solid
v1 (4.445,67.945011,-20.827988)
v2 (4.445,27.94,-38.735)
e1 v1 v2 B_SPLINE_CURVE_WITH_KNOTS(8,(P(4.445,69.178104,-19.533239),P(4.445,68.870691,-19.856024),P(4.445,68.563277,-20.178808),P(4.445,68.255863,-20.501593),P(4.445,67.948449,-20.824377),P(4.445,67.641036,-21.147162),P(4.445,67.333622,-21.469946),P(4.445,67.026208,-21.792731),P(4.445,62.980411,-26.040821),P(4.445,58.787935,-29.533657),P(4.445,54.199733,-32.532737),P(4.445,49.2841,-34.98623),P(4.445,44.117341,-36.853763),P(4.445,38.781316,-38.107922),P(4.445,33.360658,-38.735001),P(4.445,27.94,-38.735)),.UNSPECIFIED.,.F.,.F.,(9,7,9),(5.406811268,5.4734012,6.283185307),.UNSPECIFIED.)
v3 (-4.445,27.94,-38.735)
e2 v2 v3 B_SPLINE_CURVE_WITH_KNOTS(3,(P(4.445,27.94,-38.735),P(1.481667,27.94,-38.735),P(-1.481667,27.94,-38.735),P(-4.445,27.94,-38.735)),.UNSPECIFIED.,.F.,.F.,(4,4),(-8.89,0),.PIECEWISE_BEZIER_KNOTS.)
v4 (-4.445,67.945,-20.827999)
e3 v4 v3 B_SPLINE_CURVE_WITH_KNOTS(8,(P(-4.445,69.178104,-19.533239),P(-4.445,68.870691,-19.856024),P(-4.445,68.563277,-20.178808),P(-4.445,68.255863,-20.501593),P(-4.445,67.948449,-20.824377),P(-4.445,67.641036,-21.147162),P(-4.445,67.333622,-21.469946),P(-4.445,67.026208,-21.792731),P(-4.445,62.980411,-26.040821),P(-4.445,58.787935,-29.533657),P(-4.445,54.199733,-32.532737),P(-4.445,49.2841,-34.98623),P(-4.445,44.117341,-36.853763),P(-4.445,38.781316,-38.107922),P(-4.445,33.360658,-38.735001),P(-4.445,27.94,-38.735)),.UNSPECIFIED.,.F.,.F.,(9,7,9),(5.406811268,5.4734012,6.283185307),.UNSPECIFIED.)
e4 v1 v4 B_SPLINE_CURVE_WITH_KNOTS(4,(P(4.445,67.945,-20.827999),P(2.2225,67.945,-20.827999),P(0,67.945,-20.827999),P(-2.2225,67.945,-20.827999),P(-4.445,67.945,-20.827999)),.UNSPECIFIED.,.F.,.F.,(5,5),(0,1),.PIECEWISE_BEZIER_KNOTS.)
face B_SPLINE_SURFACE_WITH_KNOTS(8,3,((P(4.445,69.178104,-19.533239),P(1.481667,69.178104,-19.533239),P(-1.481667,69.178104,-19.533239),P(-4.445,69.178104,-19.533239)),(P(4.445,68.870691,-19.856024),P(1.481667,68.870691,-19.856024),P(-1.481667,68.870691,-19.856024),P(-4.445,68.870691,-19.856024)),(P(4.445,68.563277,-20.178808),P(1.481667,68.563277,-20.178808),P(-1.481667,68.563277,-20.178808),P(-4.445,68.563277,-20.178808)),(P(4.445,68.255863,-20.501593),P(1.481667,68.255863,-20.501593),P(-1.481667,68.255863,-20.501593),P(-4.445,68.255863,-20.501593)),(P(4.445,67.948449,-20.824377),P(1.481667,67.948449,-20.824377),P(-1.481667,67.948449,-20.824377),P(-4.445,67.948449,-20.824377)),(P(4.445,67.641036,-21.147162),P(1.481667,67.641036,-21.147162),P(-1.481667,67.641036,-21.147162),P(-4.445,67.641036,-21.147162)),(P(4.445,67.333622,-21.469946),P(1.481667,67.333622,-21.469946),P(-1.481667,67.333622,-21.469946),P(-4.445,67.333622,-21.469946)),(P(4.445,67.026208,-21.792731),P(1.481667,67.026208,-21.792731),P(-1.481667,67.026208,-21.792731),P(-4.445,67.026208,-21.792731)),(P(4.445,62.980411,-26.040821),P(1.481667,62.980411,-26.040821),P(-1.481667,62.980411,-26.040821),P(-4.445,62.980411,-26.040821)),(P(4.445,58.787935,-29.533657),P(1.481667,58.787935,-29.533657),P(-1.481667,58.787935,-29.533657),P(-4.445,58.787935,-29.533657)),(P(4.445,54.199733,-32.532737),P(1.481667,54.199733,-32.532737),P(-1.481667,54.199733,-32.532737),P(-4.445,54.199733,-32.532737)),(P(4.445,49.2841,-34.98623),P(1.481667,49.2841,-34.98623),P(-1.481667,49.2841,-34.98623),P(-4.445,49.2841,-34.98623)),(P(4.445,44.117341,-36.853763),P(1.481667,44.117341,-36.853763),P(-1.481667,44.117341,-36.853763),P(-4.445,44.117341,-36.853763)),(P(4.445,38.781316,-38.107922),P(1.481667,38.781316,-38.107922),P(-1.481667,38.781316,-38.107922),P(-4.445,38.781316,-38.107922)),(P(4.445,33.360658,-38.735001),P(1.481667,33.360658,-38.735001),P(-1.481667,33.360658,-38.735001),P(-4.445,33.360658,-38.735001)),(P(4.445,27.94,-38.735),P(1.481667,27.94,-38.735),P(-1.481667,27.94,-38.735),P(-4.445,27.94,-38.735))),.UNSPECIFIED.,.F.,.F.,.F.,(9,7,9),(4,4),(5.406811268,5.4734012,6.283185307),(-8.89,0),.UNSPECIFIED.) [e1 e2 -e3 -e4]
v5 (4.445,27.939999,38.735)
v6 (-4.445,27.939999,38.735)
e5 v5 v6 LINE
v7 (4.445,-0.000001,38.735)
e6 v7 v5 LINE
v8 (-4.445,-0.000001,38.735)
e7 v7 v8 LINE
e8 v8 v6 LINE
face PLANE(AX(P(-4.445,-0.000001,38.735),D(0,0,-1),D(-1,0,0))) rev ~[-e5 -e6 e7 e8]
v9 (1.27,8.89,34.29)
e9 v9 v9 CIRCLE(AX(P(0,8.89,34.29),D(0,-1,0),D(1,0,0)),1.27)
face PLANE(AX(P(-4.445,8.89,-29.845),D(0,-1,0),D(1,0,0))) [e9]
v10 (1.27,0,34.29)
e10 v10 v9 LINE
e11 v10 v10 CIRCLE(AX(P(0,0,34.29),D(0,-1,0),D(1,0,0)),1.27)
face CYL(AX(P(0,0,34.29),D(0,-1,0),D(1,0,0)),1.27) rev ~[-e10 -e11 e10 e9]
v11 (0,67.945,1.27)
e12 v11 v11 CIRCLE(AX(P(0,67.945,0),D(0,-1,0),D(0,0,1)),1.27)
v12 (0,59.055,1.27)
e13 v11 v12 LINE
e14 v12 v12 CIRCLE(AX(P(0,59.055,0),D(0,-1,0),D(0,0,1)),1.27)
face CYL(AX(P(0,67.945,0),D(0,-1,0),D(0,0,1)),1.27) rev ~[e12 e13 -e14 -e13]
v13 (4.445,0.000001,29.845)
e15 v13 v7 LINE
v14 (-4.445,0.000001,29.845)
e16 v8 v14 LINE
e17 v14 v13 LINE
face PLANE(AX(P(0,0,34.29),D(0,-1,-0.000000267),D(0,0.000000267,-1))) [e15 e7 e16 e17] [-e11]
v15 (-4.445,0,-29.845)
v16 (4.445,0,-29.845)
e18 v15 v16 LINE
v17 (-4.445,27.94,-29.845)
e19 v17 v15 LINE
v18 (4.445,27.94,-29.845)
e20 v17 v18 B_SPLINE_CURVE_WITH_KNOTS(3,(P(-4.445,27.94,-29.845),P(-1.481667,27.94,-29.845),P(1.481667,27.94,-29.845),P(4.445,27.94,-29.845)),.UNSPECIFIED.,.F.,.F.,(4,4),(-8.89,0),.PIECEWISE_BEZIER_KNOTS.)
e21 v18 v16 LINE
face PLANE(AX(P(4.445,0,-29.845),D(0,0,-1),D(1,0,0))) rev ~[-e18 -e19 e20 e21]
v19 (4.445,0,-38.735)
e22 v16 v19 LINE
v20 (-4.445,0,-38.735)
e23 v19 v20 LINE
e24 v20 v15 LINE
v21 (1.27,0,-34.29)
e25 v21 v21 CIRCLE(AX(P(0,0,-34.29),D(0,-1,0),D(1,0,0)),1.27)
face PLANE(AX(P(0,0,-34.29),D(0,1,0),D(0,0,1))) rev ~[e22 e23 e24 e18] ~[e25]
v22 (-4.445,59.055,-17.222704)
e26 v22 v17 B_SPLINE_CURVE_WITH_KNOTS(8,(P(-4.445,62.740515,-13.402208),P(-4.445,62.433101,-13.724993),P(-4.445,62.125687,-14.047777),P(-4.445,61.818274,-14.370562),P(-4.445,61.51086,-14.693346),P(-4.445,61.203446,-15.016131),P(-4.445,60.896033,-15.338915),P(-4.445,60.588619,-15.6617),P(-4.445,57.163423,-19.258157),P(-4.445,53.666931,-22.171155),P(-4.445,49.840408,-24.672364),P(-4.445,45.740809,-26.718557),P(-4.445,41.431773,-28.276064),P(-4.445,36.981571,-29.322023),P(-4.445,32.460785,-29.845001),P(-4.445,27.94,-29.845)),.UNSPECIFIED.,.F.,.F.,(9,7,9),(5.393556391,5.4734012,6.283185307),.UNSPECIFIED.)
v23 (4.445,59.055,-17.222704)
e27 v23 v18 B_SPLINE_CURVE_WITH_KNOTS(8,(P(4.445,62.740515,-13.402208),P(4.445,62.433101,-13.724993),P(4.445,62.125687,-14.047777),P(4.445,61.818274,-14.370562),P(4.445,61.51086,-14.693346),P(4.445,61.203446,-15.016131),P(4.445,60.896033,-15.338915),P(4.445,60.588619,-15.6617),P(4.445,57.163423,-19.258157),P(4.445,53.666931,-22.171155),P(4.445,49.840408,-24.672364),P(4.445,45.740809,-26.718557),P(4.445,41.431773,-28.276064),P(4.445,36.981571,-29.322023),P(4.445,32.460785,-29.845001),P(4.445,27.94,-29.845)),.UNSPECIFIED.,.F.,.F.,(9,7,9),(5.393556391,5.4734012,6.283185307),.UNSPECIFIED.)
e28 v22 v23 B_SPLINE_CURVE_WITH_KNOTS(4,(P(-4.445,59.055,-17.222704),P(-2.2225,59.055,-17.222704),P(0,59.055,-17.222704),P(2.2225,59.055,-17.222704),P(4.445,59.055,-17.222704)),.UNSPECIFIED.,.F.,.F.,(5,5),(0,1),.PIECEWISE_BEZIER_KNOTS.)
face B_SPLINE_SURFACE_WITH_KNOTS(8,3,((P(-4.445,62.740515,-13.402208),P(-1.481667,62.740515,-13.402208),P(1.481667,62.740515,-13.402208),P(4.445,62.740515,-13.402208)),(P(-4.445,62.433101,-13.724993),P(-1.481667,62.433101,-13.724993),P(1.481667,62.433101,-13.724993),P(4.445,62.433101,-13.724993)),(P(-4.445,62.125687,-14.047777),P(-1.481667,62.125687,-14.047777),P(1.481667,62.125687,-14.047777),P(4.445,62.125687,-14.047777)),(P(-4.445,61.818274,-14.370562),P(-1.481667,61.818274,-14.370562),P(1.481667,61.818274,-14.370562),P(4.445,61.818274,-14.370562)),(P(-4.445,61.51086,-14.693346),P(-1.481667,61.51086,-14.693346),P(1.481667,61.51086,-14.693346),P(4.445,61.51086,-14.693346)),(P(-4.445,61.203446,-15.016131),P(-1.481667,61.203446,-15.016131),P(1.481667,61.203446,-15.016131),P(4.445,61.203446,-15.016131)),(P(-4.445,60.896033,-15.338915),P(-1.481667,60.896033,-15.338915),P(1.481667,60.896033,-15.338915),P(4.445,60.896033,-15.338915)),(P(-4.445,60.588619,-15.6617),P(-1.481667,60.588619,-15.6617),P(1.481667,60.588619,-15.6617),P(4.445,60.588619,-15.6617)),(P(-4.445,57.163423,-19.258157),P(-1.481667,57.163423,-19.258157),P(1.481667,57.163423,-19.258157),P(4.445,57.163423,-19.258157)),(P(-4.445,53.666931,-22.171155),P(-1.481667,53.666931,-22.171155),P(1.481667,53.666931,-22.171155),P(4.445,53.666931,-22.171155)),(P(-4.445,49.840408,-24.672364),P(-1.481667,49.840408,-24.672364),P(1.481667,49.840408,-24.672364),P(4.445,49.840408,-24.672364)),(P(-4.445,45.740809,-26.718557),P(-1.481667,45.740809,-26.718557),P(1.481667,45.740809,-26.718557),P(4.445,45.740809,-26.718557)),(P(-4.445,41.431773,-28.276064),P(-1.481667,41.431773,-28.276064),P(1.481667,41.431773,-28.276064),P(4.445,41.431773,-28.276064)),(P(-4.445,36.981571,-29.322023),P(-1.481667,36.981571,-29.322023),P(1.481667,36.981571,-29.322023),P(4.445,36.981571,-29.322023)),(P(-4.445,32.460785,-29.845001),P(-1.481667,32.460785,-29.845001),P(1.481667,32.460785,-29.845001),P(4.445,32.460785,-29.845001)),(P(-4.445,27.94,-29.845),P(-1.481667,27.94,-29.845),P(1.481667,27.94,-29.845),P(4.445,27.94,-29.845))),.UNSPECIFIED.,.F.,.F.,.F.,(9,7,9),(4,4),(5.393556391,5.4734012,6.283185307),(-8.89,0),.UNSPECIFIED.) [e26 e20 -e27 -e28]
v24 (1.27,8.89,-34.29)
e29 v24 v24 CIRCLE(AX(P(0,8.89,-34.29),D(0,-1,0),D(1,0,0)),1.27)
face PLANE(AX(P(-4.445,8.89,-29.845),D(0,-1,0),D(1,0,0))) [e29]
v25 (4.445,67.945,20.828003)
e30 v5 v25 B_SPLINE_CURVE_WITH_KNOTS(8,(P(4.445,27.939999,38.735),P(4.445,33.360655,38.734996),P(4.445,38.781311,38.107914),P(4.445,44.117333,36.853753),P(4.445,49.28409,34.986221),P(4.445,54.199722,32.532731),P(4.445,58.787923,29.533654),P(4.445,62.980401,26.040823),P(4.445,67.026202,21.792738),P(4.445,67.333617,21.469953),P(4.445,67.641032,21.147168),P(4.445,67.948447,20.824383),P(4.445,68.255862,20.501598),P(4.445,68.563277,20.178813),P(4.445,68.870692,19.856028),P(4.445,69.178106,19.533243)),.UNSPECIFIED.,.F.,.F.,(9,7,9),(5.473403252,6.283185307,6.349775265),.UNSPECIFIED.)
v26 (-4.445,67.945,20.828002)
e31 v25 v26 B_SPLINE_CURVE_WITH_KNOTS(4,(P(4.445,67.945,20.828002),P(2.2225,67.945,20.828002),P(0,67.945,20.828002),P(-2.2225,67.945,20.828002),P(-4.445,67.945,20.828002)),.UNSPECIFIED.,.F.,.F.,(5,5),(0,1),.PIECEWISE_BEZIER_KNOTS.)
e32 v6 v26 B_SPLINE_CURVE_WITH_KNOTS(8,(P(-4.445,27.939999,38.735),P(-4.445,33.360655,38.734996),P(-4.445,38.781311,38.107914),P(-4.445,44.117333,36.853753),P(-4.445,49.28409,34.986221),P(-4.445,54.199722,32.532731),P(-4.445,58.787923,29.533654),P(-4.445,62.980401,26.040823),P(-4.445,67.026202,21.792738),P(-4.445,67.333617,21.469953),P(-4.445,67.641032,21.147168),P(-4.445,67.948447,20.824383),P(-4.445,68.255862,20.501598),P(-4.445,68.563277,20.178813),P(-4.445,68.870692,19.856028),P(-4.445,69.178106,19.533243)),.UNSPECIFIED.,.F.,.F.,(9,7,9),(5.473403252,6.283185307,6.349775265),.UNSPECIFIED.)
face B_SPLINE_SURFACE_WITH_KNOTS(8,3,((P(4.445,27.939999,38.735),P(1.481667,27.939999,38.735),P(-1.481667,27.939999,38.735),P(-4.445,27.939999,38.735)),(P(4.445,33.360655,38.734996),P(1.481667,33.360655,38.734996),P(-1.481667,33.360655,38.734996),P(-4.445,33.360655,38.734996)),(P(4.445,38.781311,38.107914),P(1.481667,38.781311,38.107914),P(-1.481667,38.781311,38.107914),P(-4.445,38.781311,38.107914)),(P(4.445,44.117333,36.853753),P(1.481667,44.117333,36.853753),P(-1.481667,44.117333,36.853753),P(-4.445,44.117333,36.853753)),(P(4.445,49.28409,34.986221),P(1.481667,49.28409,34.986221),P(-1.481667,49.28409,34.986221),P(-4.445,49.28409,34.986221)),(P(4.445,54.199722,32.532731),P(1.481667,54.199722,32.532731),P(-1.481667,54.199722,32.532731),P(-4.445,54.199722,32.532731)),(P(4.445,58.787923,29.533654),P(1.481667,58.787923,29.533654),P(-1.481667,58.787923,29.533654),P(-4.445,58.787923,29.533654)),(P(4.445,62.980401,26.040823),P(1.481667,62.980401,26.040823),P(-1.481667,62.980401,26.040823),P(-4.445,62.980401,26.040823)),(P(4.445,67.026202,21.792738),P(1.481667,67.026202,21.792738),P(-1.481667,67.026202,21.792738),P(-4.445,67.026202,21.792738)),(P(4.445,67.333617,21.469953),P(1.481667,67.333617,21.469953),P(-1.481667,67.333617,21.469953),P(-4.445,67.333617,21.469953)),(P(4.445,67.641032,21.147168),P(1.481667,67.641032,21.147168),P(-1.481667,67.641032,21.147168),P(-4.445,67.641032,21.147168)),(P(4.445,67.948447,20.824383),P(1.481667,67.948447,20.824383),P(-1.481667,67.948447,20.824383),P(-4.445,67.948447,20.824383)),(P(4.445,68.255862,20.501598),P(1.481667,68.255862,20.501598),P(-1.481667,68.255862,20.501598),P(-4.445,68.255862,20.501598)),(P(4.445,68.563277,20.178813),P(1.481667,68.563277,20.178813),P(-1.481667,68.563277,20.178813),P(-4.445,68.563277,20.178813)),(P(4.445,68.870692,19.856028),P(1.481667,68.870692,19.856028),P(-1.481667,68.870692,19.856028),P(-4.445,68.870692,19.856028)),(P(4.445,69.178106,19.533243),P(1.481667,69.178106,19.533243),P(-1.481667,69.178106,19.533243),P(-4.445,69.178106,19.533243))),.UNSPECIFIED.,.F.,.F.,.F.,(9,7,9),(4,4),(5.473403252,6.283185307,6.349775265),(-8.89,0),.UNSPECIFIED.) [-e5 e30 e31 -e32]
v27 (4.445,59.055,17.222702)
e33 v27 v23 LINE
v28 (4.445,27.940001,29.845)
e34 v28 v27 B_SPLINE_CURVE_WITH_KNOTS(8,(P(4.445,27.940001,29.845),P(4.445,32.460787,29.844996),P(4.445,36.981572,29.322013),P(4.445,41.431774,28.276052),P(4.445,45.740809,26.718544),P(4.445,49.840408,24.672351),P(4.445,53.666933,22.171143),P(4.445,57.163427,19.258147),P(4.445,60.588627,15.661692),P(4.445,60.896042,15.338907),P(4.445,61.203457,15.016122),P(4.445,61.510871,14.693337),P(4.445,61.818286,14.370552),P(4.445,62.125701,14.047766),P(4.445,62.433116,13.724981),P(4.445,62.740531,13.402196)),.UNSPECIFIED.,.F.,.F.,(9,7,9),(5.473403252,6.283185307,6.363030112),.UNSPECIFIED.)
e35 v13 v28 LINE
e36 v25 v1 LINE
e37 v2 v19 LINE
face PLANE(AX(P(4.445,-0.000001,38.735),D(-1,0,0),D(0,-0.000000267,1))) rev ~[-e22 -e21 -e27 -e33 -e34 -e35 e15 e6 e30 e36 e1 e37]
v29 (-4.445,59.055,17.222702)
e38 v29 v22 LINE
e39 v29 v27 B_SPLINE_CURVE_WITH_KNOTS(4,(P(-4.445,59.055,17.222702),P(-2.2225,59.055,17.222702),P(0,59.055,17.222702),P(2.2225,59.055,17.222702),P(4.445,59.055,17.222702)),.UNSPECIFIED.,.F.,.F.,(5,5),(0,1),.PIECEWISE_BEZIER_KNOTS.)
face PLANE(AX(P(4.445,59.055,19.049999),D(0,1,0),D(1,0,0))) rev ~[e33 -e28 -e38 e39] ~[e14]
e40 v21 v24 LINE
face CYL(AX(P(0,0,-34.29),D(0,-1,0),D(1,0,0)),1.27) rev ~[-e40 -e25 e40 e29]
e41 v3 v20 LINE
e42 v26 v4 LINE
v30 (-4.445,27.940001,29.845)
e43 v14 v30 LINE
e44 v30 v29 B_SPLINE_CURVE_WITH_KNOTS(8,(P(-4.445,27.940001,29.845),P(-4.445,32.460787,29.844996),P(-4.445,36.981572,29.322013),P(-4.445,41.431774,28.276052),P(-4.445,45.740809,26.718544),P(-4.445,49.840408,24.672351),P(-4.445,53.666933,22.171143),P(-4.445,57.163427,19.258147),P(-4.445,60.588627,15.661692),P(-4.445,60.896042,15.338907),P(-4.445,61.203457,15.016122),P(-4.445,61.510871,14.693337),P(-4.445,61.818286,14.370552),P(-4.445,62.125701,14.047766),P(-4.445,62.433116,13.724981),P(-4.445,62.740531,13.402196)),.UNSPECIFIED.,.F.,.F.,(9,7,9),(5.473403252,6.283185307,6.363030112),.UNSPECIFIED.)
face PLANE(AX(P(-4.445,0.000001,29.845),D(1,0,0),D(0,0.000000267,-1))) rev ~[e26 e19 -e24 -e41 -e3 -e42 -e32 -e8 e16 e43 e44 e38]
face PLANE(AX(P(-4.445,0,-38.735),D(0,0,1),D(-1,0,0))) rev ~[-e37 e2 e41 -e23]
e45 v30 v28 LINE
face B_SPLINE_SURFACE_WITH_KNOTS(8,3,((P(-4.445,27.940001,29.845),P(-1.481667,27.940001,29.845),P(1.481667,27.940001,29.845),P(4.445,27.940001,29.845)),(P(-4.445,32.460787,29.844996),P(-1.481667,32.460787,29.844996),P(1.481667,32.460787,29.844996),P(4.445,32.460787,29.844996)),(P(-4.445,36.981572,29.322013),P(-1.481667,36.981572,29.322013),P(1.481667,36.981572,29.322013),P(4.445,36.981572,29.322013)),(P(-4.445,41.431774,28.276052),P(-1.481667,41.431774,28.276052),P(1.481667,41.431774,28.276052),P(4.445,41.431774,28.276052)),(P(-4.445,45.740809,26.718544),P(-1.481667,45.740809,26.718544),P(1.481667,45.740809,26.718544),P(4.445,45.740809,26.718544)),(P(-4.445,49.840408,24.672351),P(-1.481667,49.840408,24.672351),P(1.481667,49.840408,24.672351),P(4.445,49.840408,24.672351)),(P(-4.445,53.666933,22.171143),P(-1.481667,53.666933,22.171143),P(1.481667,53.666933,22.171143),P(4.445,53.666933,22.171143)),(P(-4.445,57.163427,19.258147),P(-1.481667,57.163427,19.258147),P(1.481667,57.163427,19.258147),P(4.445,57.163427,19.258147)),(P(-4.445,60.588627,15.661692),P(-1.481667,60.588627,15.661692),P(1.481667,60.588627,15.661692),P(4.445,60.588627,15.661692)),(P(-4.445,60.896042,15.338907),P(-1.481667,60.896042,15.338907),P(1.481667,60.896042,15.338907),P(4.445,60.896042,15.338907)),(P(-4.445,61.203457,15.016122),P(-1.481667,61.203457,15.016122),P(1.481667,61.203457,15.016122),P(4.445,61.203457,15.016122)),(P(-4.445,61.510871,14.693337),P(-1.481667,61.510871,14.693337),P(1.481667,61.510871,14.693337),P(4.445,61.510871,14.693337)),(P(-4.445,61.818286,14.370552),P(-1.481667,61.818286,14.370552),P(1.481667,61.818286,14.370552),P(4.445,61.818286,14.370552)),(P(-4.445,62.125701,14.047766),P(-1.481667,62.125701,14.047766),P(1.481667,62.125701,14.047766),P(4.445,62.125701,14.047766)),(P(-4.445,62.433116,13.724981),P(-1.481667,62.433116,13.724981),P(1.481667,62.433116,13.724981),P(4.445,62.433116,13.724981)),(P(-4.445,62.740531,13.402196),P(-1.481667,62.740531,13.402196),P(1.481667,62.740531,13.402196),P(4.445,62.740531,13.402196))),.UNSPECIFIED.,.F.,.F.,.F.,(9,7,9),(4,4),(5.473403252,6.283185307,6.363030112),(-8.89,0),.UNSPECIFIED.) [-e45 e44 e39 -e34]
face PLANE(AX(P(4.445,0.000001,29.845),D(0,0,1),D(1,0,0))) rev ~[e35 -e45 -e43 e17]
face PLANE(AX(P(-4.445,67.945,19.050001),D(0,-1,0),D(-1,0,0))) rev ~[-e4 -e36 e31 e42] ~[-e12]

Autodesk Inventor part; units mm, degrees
ref_plane "YZ Plane" through (0, 0, 0) normal (1, 0, 0) x (0, 1, 0)
ref_plane "XZ Plane" through (0, 0, 0) normal (0, 1, 0) x (-1, 0, 0)
ref_plane "XY Plane" through (0, 0, 0) normal (0, 0, 1) x (1, 0, 0)
sketch "Sketch1" plane through (0, 0, 0) normal (0, 1, 0) x (-1, 0, 0)
  line L0 (0, 34.29) -> (0, -34.29) construction
  line L1 (-4.445, 38.735) -> (4.445, 38.735)
  line L2 (4.445, 38.735) -> (4.445, 29.845)
  line L3 (4.445, 29.845) -> (-4.445, 29.845)
  line L4 (-4.445, 29.845) -> (-4.445, 38.735)
  line L5 (-4.445, 38.735) -> (4.445, 29.845) construction
  line L6 (4.445, 38.735) -> (-4.445, 29.845) construction
  line L7 (-4.445, -29.845) -> (4.445, -29.845)
  line L8 (4.445, -29.845) -> (4.445, -38.735)
  line L9 (4.445, -38.735) -> (-4.445, -38.735)
  line L10 (-4.445, -38.735) -> (-4.445, -29.845)
  line L11 (-4.445, -29.845) -> (4.445, -38.735) construction
  line L12 (4.445, -29.845) -> (-4.445, -38.735) construction
  point P0 (0, 0)
  point P1 (0, 0)
  dimension "d0" = 68.58
  dimension "d1" = 8.89
  dimension "d2" = 8.89
  dimension "d3" = 8.89
sketch "Sketch2" plane through (0, 0, 0) normal (1, 0, 0) x (0, 1, 0)
  line L0 (0, 0) -> (63.5, 0) construction
  line L1 (0, 34.29) -> (27.94, 34.29)
  line L2 (0, -34.29) -> (27.94, -34.29)
  line L3 (63.5, 19.05) -> (63.5, -19.05)
  arc A0 (63.5, 19.05) -> (27.94, 34.29) centre (27.94, -14.8167) ccw
  arc A1 (27.94, -34.29) -> (63.5, -19.05) centre (27.94, 14.8167) ccw
  dimension "d4" = 63.5
  dimension "d21" = 38.1
  dimension "d22" = 27.94
  dimension "d23" = 27.94
sweep "Sweep1" add profiles "Sketch1" path "Sketch2" contours L7 L8 L9 L10
sketch "Sketch3" plane through (-4.445, 0, -29.845) normal (0, -1, 0) x (1, 0, 0)
  line L0 (0, 0) -> (0, -8.89) projected
  circle A0 centre (4.445, -4.445) radius 1.27
  line L1 (0, 68.58) -> (0, 59.69) projected
  circle A1 centre (4.445, 64.135) radius 1.27
  point P0 (4.445, 29.845)
  dimension "d10" = 2.54
  dimension "d11" = 2.54
  dimension "d12" = 4.445
  dimension "d13" = 34.29
  dimension "d14" = 4.445
  dimension "d15" = 34.29
extrude "Extrusion1" cut sketch "Sketch3" against normal blind 8.89
sketch "Sketch5" plane through (-4.445, 67.945, 20.828) normal (0, 1, 0) x (1, 0, 0)
  circle A0 centre (4.445, 20.828) radius 1.27
  dimension "d24" = 2.54
hole "Hole1" at (0, 67.945, 0) direction (0, -1, 0) diameter 2.54 end through all
properties part number "hpart"
